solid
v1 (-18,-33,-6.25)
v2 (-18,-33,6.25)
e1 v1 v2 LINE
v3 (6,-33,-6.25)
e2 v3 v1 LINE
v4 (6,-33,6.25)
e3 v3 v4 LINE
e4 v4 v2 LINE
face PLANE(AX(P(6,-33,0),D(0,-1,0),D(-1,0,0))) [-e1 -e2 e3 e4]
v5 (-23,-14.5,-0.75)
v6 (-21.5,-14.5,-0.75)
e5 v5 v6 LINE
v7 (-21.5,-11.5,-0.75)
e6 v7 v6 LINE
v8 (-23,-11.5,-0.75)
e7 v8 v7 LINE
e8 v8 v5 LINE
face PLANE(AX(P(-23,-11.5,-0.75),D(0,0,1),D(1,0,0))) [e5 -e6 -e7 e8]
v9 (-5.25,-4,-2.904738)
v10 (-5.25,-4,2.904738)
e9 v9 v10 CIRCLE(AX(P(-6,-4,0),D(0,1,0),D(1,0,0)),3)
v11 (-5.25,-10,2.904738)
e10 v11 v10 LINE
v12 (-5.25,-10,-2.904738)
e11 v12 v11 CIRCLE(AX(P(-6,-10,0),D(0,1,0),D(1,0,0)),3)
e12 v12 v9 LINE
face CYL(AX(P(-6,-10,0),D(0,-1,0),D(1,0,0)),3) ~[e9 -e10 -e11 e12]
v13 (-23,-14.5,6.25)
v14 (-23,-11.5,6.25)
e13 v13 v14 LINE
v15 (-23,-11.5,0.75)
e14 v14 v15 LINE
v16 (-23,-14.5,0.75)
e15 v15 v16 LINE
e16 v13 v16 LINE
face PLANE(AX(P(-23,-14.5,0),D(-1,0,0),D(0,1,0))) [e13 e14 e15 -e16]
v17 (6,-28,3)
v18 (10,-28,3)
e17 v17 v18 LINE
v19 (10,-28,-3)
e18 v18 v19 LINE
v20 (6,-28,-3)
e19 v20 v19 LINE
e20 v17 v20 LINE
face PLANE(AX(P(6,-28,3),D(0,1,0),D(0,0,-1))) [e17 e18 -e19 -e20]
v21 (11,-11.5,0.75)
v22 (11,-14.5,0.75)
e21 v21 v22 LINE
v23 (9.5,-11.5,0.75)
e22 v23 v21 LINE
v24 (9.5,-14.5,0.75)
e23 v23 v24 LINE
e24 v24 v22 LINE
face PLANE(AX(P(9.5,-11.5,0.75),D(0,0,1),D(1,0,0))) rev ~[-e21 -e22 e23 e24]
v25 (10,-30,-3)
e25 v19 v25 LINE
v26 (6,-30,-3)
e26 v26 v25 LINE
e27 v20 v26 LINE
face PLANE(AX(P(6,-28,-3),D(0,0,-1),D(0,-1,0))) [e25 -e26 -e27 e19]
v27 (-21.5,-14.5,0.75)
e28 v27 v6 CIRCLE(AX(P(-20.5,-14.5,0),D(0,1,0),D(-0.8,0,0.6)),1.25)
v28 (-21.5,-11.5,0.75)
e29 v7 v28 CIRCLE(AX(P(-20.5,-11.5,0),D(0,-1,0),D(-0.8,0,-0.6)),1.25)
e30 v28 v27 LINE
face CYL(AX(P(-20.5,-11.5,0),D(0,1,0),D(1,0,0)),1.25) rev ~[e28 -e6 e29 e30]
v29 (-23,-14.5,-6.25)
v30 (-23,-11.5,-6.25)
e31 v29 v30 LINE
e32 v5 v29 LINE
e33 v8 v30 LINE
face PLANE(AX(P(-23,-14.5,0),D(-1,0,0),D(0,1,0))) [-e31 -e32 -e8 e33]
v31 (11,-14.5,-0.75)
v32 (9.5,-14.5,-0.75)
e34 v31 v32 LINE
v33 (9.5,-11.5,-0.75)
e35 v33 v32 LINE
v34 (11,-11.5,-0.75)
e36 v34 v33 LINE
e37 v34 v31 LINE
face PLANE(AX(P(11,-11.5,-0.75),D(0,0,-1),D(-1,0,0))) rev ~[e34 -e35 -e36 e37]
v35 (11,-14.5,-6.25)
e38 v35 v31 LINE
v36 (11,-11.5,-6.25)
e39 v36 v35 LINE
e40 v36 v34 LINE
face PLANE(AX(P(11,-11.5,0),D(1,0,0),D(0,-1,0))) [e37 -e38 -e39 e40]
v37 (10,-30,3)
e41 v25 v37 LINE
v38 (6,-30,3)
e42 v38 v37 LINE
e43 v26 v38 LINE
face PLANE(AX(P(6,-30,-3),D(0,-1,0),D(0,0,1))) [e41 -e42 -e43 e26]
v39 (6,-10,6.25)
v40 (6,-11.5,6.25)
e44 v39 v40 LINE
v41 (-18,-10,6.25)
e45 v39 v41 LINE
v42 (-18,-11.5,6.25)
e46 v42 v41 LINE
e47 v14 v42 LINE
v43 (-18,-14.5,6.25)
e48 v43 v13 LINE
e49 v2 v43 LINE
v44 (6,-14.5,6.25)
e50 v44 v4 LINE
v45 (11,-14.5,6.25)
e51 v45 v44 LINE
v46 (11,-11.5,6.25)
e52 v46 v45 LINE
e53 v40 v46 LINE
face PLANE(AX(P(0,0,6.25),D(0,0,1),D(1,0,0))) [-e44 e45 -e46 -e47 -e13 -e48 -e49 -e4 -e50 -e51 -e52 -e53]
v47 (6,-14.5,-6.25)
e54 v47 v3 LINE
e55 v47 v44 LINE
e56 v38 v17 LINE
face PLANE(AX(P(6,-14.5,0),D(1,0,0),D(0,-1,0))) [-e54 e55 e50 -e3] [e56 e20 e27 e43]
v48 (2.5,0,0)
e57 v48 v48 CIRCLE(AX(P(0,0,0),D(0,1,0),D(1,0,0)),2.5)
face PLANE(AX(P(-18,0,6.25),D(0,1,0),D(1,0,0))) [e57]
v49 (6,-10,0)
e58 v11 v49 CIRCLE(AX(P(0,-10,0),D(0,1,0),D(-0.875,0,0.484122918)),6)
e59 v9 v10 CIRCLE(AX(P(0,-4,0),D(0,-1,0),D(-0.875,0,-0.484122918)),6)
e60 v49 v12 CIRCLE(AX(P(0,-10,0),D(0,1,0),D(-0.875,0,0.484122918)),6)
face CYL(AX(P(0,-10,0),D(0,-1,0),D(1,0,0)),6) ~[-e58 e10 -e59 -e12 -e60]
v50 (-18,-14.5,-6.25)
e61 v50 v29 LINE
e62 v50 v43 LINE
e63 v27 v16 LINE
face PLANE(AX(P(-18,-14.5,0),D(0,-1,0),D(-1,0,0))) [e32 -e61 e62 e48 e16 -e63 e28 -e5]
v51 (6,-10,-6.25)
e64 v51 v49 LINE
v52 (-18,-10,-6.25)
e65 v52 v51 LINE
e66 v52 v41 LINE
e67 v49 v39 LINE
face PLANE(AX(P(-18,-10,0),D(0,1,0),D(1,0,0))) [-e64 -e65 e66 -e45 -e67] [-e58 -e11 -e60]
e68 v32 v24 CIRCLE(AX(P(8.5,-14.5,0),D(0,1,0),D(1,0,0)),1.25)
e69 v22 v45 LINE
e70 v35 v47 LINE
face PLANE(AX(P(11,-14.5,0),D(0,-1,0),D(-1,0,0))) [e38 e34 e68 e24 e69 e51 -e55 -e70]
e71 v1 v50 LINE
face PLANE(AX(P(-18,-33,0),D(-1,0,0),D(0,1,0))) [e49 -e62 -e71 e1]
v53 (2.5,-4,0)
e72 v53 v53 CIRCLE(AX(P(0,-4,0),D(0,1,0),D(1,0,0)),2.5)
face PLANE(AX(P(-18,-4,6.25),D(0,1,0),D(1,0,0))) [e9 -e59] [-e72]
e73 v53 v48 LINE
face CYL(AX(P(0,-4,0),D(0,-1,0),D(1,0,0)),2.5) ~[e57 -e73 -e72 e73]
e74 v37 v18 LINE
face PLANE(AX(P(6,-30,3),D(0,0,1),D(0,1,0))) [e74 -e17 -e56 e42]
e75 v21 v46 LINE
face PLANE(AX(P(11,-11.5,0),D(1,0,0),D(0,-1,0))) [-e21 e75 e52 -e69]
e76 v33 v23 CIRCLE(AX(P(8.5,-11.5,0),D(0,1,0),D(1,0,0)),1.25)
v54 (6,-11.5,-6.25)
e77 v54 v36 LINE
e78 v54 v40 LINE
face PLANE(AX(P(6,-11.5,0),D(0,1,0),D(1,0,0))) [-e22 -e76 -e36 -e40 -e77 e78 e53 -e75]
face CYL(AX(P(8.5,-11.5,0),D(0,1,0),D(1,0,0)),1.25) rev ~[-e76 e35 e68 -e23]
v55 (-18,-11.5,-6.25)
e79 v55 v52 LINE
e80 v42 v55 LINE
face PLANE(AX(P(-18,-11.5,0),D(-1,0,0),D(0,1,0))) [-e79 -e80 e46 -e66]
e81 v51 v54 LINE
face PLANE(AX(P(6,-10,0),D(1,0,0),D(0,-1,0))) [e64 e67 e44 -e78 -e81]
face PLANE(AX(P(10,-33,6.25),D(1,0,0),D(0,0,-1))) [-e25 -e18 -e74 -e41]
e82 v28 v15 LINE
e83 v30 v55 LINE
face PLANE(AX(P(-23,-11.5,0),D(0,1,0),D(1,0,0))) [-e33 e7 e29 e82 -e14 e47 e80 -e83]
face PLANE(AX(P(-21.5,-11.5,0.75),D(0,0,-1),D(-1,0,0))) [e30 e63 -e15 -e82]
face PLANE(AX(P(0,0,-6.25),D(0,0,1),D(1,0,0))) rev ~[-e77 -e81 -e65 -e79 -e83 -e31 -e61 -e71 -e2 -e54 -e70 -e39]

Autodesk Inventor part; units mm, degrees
ref_plane "YZ Plane" through (0, 0, 0) normal (1, 0, 0) x (0, 1, 0)
ref_plane "XZ Plane" through (0, 0, 0) normal (0, 1, 0) x (-1, 0, 0)
ref_plane "XY Plane" through (0, 0, 0) normal (0, 0, 1) x (1, 0, 0)
sketch "草圖1" plane through (0, 0, 0) normal (0, 0, 1) x (1, 0, 0)
  line L0 (-18, -14.5) -> (6, -14.5)
  line L1 (6, -14.5) -> (6, -33)
  line L2 (6, -33) -> (-18, -33)
  line L3 (-18, -33) -> (-18, -14.5)
  line L4 (-23, -11.5) -> (11, -11.5)
  line L5 (11, -11.5) -> (11, -14.5)
  line L6 (11, -14.5) -> (-23, -14.5)
  line L7 (-23, -14.5) -> (-23, -11.5)
  line L8 (6, -11.5) -> (-18, -11.5)
  line L9 (-18, -11.5) -> (-18, -10)
  line L10 (-18, -10) -> (6, -10)
  line L11 (6, -10) -> (6, -11.5)
  line L12 (6, -10) -> (-9, -10)
  line L13 (-9, -10) -> (-9, -4)
  line L14 (-9, -4) -> (6, -4)
  line L15 (6, -4) -> (6, -10)
  line L16 (2.5, -4) -> (-2.5, -4)
  line L17 (-2.5, -4) -> (-2.5, 0)
  line L18 (-2.5, 0) -> (2.5, 0)
  line L19 (2.5, 0) -> (2.5, -4)
  point P0 (0, 0)
  point P1 (-6, -14.5)
  point P2 (-6, -11.5)
  point P3 (0, -4)
  point P4 (-18, -11.5)
  point P5 (6, -14.5)
  point P6 (0, 0)
  dimension "d0" = 24
  dimension "d1" = 18.5
  dimension "d2" = 34
  dimension "d3" = 3
  dimension "d4" = 1.5
  dimension "d5" = 6
  dimension "d6" = 9
  dimension "d7" = 5
  dimension "d8" = 4
  dimension "d9" = 6
extrude "擠出1" add sketch "草圖1" along normal mid plane 12.5 contours L6 L7 L4 L5 L0 | L0 L1 L2 L3 | L9 L10 L11 L4
sketch "草圖2" plane through (-18, -10, 6.25) normal (0, 1, 0) x (1, 0, 0)
  circle A0 centre (18, 6.25) radius 6
  circle A1 centre (12, 6.25) radius 3
  line L0 (0, 12.5) -> (0, 0) construction
  point P0 (9, 6.25)
  point P1 (0, 6.25)
  point P2 (12.75, 9.1547)
  point P3 (12.75, 3.3453)
  dimension "d13" = 12
  dimension "d14" = 9
extrude "擠出2" add sketch "草圖2" along normal blind 6
sketch "草圖3" plane through (-18, -4, 6.25) normal (0, 1, 0) x (1, 0, 0)
  circle A0 centre (18, 6.25) radius 2.5
  dimension "d17" = 5
extrude "擠出3" add sketch "草圖3" along normal blind 4
sketch "草圖4" plane through (-23, -11.5, 6.25) normal (0, 1, 0) x (1, 0, 0)
  line L0 (0, 12.5) -> (0, 0) construction
  line L1 (5, 0) -> (0, 0) construction
  line L2 (5, 12.5) -> (5, 0) construction
  line L3 (0, 12.5) -> (5, 12.5) construction
  line L4 (0, 6.25) -> (5, 6.25) construction
  circle A0 centre (2.5, 6.25) radius 1.25
  line L5 (0, 12.5) -> (0, 0) projected
  line L6 (0, 7) -> (1.5, 7)
  line L7 (1.5, 7) -> (1.5, 5.5)
  line L8 (1.5, 5.5) -> (0, 5.5)
  line L9 (0, 5.5) -> (0, 7)
  line L10 (0, 9.2582) -> (34, 9.2582) construction
  line L11 (34, 12.5) -> (34, 0) projected
  line L12 (17, 9.2582) -> (17, 6.5712) construction
  circle A1 centre (31.5, 6.25) radius 1.25
  line L13 (34, 7) -> (32.5, 7)
  line L14 (32.5, 7) -> (32.5, 5.5)
  line L15 (32.5, 5.5) -> (34, 5.5)
  line L16 (34, 5.5) -> (34, 7)
  point P0 (23, 6.25)
  point P1 (0, 5.5)
  point P2 (1.5, 7)
  point P3 (34, 6.25)
  dimension "d20" = 2.5
  dimension "d21" = 1.5
  dimension "d22" = 14.5
extrude "擠出4" cut sketch "草圖4" against normal up to surface (3 mm away)
sketch "草圖5" plane through (6, -33, 6.25) normal (1, 0, 0) x (0, 0, -1)
  line L0 (12.5, 18.5) -> (0, 18.5) construction
  line L1 (0, 0) -> (0, 18.5) construction
  line L2 (12.5, 0) -> (0, 0) construction
  line L3 (12.5, 18.5) -> (12.5, 0) construction
  line L4 (0, 18.5) -> (0, 0) construction
  line L5 (0, 5) -> (3.25, 5) construction
  line L6 (3.25, 5) -> (9.25, 5)
  line L7 (9.25, 5) -> (9.25, 3)
  line L8 (9.25, 3) -> (3.25, 3)
  line L9 (3.25, 3) -> (3.25, 5)
  line L10 (3.25, 5) -> (9.25, 5)
  line L11 (9.25, 5) -> (12.5, 5) construction
  point P0 (6.25, 33)
  dimension "d25" = 6
  dimension "d26" = 13.5
  dimension "d27" = 3
extrude "擠出5" add sketch "草圖5" along normal blind 4
properties part number "MG90_II"
